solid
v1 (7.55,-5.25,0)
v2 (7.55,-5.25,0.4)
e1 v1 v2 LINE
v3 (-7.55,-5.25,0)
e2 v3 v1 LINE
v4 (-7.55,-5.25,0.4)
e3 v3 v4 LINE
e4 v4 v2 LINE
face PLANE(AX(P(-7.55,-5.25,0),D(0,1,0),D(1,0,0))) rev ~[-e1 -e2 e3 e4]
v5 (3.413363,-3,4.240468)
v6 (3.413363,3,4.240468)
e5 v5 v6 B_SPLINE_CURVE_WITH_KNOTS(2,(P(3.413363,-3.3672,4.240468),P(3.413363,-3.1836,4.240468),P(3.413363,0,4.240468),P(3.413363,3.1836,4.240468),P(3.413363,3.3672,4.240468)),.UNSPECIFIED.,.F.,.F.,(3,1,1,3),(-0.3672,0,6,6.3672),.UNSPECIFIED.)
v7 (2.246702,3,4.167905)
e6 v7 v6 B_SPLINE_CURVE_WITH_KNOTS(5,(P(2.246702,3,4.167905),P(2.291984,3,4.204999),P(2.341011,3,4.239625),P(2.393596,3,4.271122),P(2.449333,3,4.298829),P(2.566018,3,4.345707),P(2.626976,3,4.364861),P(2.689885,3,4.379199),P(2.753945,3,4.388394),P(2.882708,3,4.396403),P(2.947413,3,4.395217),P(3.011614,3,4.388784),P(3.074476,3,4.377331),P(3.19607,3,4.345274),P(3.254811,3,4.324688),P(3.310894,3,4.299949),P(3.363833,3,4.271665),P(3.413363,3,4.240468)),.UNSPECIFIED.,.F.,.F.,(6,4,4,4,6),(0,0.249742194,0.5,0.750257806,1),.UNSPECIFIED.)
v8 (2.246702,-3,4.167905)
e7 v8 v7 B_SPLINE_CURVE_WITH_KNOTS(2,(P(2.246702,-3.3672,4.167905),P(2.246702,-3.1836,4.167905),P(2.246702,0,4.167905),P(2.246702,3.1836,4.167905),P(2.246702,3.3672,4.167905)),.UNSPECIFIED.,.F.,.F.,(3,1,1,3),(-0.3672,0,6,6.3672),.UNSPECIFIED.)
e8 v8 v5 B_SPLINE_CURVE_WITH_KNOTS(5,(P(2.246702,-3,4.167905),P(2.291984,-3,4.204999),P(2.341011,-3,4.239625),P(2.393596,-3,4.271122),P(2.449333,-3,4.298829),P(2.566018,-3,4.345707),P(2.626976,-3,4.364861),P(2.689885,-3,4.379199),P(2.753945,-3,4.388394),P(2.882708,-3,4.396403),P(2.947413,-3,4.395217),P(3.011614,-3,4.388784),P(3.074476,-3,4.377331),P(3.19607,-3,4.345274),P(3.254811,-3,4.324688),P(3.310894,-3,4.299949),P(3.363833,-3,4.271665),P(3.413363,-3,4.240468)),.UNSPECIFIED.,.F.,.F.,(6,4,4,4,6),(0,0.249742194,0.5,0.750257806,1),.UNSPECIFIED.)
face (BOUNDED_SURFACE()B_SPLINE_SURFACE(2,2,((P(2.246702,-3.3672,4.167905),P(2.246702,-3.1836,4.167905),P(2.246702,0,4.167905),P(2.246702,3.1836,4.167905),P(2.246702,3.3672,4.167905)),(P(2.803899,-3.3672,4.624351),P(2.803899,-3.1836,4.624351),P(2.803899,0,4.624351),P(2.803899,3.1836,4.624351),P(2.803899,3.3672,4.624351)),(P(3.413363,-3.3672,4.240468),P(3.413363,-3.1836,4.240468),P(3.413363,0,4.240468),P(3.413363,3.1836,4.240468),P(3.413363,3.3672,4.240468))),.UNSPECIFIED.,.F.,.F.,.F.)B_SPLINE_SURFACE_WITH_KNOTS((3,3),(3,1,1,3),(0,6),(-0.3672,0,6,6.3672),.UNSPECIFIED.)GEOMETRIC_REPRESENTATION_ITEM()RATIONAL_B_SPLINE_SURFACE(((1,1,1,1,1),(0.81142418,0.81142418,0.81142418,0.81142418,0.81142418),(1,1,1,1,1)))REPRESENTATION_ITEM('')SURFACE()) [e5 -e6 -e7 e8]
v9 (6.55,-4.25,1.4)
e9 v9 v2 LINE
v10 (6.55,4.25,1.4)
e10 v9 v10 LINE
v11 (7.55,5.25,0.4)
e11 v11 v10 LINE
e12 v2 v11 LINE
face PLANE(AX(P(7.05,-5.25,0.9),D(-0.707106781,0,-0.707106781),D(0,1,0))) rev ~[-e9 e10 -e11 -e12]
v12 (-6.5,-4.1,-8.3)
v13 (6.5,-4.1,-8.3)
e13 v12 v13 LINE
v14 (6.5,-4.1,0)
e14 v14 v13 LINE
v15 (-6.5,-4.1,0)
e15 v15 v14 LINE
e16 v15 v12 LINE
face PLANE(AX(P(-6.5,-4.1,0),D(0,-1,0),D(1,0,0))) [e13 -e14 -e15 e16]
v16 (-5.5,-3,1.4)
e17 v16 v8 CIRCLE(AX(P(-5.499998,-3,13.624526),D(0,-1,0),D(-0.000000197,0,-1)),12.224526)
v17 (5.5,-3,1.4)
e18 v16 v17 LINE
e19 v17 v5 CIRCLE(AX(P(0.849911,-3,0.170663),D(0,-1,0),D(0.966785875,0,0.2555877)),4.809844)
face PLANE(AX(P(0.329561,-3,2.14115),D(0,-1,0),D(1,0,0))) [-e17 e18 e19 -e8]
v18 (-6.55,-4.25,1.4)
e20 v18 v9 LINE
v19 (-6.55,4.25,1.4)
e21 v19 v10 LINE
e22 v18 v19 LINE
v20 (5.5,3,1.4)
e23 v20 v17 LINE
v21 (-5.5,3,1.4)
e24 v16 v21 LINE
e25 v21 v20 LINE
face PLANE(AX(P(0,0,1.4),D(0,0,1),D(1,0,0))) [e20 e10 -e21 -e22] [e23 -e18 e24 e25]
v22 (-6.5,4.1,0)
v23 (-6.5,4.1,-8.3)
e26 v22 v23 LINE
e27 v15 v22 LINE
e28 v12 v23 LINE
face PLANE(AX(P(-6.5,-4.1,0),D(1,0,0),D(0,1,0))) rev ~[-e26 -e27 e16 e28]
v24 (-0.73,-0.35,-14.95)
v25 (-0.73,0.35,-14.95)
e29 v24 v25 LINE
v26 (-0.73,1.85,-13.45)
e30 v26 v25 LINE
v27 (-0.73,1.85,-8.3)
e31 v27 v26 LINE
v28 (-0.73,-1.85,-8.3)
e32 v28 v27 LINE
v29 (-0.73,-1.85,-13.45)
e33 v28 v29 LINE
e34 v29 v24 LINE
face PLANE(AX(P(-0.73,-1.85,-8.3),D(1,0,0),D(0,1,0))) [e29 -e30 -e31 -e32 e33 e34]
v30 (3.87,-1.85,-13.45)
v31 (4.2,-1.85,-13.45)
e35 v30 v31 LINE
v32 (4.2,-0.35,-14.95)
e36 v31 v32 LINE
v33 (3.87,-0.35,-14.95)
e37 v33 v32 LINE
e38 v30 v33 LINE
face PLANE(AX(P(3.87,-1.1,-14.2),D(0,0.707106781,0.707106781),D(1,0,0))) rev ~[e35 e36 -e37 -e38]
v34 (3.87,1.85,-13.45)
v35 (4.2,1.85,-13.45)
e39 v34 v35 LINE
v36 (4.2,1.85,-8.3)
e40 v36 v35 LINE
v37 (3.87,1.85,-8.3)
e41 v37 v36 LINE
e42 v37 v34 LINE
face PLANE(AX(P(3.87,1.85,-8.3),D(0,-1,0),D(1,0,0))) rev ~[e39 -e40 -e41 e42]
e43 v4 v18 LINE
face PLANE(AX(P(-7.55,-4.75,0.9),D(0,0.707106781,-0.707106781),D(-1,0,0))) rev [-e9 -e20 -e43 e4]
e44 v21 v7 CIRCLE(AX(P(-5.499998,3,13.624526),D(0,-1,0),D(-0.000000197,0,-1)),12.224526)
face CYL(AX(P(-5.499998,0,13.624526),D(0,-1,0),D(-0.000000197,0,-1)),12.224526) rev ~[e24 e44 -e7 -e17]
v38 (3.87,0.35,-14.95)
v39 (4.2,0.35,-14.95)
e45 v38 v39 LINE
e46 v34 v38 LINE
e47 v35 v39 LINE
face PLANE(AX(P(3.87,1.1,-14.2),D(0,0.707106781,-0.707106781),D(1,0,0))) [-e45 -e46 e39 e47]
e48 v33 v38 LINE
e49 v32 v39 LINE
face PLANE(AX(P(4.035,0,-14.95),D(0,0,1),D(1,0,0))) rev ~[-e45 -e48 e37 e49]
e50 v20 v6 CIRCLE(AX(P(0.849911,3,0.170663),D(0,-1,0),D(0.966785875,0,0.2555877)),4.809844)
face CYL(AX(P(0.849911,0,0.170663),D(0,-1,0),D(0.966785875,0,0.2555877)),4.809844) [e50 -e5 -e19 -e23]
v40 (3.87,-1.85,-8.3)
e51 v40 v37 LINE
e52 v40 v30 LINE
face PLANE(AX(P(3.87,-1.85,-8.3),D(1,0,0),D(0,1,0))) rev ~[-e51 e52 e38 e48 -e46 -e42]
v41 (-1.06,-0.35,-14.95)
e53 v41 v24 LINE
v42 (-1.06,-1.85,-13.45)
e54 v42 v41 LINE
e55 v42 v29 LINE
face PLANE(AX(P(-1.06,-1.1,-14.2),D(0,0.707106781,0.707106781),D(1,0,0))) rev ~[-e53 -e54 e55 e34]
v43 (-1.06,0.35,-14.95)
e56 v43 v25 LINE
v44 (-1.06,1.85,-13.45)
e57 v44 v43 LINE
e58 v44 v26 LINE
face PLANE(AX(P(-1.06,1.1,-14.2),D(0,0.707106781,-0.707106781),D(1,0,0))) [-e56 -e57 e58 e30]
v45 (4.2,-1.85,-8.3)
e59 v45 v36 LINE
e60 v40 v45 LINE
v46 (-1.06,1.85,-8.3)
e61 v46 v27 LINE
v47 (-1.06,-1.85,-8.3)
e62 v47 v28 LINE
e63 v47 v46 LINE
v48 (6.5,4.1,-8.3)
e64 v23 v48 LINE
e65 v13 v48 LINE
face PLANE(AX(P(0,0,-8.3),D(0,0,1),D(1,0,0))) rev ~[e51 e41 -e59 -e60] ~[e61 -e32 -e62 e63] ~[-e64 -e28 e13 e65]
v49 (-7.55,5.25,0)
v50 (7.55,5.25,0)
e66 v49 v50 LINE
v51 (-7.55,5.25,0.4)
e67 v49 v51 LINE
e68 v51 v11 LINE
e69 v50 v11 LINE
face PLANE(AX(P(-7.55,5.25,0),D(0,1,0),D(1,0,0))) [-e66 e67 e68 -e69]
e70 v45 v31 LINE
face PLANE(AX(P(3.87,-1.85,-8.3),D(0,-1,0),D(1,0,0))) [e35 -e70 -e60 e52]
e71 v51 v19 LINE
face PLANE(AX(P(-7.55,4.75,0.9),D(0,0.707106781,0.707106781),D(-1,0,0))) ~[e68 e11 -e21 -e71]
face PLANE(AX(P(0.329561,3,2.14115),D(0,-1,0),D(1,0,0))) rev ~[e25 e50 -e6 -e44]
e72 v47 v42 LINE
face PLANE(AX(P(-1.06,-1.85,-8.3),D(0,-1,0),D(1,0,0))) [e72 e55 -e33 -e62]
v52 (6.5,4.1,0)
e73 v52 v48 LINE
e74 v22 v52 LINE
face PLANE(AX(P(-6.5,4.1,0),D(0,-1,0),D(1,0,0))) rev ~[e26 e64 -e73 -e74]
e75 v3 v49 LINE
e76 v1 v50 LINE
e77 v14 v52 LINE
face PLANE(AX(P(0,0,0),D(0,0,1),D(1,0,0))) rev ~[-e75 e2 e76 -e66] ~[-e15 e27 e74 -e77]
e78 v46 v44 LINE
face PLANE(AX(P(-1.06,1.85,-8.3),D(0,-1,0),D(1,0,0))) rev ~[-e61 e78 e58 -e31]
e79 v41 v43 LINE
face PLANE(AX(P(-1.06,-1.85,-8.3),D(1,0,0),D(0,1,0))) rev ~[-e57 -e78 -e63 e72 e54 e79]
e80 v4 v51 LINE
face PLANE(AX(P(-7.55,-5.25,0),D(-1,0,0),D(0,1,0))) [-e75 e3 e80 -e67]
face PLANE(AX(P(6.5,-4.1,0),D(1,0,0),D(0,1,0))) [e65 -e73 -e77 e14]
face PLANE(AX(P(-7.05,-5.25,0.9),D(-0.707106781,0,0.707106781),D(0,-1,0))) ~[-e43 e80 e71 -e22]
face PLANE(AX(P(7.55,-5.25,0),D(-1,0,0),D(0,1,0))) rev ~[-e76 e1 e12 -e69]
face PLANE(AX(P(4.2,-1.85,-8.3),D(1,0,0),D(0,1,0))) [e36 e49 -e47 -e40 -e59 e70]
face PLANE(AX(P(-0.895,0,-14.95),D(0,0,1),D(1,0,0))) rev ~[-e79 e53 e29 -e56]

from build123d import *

# Parameters (mm, degrees)
SKETCH_W        = 13
SKETCH_H        = 8.2
PAD_DEPTH       = 8.3
SKETCH001_W     = 15.1
SKETCH001_H     = 10.5
PAD001_DEPTH    = 1.4
CHAMFER_SIZE    = 1
PAD002_DEPTH    = 3
FILLET_R        = 1
SKETCH003_W     = 0.33
SKETCH003_H     = 3.7
PAD003_DEPTH    = 6.65
CHAMFER001_SIZE = 1.5


with BuildPart() as part:
    # Sketch → Pad (new body)
    with BuildSketch(Plane.XY):
        Rectangle(SKETCH_W, SKETCH_H)
    extrude(amount=-PAD_DEPTH)

    # Sketch001 → Pad001 (join)
    with BuildSketch(Plane.XY):
        Rectangle(SKETCH001_W, SKETCH001_H)
    extrude(amount=PAD001_DEPTH)

    # Chamfer
    chamfer_edges = [part.edges().sort_by_distance(p)[0] for p in [
        (-7.55, 0, 1.4),
        (0, 5.25, 1.4),
        (7.55, 0, 1.4),
        (0, -5.25, 1.4),
    ]]
    chamfer(chamfer_edges, length=CHAMFER_SIZE)

    # Sketch002 → Pad002 (join, symmetric)
    with BuildSketch(Plane.XZ):
        with BuildLine():
            Line((-5.5, 1.4), (5.5, 1.4))
            ThreePointArc((5.5, 1.4), (4.48879, 3.316002), (2.739315, 4.593869))
            ThreePointArc((-5.5, 1.4), (-1.081654, 2.2264), (2.739315, 4.593869))
        make_face()
    extrude(amount=PAD002_DEPTH, both=True)

    # Fillet
    fillet_edges = [part.edges().sort_by_distance(p)[0] for p in [
        (2.739315, 0, 4.593869),
    ]]
    fillet(fillet_edges, radius=FILLET_R)

    # Sketch003 (on DatumPlane) → Pad003 (join)
    with BuildSketch(Plane.XY.offset(-8.3)):
        with Locations((4.035, 0)):
            Rectangle(SKETCH003_W, SKETCH003_H)
        with Locations((-0.895, 0)):
            Rectangle(SKETCH003_W, SKETCH003_H)
    extrude(amount=-PAD003_DEPTH)

    # Chamfer001
    chamfer001_edges = [part.edges().sort_by_distance(p)[0] for p in [
        (4.035, 1.85, -14.95),
        (4.035, -1.85, -14.95),
        (-0.895, 1.85, -14.95),
        (-0.895, -1.85, -14.95),
    ]]
    chamfer(chamfer001_edges, length=CHAMFER001_SIZE)


solid = part.part
